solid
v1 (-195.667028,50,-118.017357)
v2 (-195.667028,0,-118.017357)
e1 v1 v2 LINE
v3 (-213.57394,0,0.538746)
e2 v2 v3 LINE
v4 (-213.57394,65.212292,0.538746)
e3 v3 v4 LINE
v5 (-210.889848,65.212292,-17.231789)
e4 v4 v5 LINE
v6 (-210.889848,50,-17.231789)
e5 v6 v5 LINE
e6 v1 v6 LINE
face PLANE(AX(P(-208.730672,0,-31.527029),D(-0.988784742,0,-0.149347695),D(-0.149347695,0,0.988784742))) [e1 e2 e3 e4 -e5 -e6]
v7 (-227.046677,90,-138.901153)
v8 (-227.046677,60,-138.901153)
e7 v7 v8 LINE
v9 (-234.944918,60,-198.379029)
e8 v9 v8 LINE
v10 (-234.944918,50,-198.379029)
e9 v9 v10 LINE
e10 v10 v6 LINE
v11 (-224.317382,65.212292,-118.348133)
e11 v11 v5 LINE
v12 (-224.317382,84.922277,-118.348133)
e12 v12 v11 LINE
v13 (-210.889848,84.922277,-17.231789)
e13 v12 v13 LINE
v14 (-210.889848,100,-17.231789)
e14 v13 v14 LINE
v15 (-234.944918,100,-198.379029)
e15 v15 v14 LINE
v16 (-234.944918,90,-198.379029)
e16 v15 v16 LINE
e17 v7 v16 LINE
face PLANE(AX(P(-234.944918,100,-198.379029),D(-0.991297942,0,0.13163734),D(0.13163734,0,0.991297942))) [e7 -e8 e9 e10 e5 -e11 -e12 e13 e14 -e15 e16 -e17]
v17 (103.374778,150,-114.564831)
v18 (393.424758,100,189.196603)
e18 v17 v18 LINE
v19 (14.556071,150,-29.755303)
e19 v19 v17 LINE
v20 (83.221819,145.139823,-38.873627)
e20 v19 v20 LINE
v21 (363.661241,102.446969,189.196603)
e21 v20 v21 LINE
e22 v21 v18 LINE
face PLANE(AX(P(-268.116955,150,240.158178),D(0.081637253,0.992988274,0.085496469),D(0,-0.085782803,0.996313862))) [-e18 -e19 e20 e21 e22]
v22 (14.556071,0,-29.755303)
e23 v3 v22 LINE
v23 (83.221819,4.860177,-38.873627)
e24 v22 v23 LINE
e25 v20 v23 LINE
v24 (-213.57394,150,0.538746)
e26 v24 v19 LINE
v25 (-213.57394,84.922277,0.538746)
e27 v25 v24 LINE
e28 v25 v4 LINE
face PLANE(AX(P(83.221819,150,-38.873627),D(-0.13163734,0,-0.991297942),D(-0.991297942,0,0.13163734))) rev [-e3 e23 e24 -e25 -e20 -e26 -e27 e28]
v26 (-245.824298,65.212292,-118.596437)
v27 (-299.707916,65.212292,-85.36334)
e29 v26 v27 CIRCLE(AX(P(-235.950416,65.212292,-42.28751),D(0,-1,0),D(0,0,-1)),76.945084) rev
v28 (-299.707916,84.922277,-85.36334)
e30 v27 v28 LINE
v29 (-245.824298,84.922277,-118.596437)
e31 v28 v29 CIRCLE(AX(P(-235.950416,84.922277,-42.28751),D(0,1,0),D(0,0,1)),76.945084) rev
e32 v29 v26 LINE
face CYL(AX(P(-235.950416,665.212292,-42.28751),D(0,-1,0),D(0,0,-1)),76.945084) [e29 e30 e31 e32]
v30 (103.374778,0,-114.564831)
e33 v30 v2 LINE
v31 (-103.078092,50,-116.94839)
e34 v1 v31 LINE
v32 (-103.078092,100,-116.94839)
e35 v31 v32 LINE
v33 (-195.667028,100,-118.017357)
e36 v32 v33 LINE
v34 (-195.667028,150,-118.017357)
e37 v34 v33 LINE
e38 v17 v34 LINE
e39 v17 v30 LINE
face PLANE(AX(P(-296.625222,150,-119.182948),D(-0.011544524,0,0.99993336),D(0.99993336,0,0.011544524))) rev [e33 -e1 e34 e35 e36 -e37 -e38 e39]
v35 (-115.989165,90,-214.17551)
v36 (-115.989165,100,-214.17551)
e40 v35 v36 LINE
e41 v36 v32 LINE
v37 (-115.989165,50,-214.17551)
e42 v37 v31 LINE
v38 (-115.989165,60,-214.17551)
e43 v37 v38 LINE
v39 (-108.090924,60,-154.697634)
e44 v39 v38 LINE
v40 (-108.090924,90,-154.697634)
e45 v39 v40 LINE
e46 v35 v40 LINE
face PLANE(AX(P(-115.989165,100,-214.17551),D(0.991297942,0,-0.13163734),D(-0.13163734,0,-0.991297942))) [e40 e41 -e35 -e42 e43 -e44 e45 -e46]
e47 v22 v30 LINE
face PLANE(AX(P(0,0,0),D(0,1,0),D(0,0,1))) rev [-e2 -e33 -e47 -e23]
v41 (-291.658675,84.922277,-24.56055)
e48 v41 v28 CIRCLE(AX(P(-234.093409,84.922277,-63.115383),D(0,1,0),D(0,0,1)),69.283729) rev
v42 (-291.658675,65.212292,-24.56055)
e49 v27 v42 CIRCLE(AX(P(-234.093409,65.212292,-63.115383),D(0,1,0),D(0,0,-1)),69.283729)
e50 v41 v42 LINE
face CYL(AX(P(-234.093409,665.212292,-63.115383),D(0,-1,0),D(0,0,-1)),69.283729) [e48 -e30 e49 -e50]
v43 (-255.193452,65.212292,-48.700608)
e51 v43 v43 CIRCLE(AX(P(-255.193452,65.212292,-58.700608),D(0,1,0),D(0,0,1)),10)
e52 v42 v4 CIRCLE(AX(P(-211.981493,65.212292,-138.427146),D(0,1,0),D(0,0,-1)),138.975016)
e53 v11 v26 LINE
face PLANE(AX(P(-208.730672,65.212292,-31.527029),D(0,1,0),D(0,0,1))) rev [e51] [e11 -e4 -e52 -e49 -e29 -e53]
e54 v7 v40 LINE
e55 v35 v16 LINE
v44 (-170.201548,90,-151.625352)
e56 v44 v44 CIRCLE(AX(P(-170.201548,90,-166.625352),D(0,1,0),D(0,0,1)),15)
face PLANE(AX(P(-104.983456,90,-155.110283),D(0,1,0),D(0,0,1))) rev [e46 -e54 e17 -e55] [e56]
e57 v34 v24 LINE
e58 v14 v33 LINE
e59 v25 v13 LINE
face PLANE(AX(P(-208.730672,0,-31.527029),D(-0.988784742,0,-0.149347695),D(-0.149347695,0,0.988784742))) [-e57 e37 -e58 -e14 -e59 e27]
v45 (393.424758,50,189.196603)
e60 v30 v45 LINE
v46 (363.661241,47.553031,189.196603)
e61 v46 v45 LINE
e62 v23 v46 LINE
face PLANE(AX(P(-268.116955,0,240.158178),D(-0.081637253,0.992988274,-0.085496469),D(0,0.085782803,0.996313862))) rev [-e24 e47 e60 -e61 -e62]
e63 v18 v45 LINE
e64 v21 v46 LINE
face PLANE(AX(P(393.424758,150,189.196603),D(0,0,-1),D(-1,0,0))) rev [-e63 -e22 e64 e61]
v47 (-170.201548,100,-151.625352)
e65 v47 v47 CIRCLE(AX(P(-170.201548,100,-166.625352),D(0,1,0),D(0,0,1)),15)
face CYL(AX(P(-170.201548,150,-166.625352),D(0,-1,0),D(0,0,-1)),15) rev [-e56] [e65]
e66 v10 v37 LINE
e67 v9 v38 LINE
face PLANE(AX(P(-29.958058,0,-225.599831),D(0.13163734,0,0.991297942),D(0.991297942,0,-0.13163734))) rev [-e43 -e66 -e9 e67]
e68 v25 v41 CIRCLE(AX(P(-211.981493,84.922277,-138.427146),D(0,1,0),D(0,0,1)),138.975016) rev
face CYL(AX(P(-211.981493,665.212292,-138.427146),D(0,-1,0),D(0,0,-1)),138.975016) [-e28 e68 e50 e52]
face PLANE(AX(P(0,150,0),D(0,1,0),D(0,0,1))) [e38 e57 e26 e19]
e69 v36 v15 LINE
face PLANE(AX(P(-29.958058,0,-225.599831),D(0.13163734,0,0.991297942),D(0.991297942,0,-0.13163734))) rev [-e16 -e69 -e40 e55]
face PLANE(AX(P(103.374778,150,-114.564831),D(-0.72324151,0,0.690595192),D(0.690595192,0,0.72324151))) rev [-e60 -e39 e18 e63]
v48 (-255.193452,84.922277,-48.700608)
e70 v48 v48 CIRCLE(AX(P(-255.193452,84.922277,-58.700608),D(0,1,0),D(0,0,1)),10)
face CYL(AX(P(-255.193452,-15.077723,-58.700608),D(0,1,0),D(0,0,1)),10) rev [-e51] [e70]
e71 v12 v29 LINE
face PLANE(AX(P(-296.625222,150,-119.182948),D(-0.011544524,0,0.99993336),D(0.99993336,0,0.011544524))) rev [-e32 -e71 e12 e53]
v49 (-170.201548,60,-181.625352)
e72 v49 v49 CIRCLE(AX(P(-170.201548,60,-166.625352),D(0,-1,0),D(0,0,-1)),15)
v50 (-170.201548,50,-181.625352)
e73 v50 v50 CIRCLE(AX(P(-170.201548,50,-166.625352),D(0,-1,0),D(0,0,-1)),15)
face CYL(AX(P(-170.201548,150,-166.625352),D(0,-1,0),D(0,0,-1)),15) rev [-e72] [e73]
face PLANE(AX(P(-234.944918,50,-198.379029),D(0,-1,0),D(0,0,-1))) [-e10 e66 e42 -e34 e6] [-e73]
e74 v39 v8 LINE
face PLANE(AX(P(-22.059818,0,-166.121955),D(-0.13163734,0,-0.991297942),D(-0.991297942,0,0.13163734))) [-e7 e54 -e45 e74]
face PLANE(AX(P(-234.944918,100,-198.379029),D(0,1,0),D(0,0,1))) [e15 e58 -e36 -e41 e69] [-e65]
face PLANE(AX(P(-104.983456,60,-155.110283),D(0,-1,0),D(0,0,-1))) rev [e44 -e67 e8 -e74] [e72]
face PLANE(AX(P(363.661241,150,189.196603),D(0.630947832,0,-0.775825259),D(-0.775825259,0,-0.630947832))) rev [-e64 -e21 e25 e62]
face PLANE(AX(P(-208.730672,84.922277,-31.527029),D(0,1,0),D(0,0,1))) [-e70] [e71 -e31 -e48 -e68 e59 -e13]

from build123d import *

# Parameters (mm, degrees)
EXTRUDE_1_DEPTH      = 150
SKETCH_3_W           = 134.939871442
SKETCH_3_H           = 65.077722632
SKETCH_3_W_2         = 12.852713976
SKETCH_3_H_2         = 65.21229221
SKETCH_3_W_3         = 22.325721816
CUT_EXTRUDE_5_DEPTH  = 100
SKETCH_4_R           = 10
CUT_EXTRUDE_6_DEPTH  = 100
CUT_EXTRUDE_7_DEPTH  = 542.338297497
SKETCH_9_W           = 120
SKETCH_9_H           = 50
EXTRUDE_5_DEPTH      = 200
SKETCH_12_W          = 124.1848091
SKETCH_12_H          = 30
CUT_EXTRUDE_14_DEPTH = 60
SKETCH_13_R          = 15
CUT_EXTRUDE_15_DEPTH = 459.970793946
CUT_EXTRUDE_16_DEPTH = 600
CUT_EXTRUDE_18_DEPTH = 600
CUT_EXTRUDE_23_DEPTH = 600


with BuildPart() as part:
    # 草图1 → 凸台-拉伸1 (new body)
    with BuildSketch(Plane(origin=(0, 0, 0), x_dir=(1, 0, 0), z_dir=(0, 1, 0))):
        Polygon((-296.625222025, 119.18294849), (103.374777975, 114.564831261), (393.424758435, -189.19660282), (363.661240814, -189.19660282), (83.221819158, 38.873627041), (-316.778180842, -14.24353747), align=None)
    extrude(amount=EXTRUDE_1_DEPTH)

    # 草图3 → 切除-拉伸5 (cut)
    with BuildSketch(Plane(origin=(-307.609145788, 0, -46.461798062), x_dir=(-0.14934769539615667, 0, 0.9887847419331757), z_dir=(-0.9887847419331757, 0, -0.14934769539615664))):
        Polygon((-73.54598766, 84.922277368), (-73.54598766, 150), (-110.299587537, 150), (-108.970561803, 84.922277368), align=None)
        with Locations((-6.076051939, 117.461138684)):
            Rectangle(SKETCH_3_W, SKETCH_3_H)
        with Locations((67.82024077, 117.461138684)):
            Rectangle(SKETCH_3_W_2, SKETCH_3_H)
        Polygon((-73.54598766, 0), (-73.54598766, 65.21229221), (-88.627784697, 65.21229221), (-110.299587537, 65.21229221), (-110.299587537, 0), align=None)
        with Locations((-6.076051939, 32.606146105)):
            Rectangle(SKETCH_3_W, SKETCH_3_H_2)
        with Locations((72.55674469, 32.606146105)):
            Rectangle(SKETCH_3_W_3, SKETCH_3_H_2)
    extrude(amount=-CUT_EXTRUDE_5_DEPTH, mode=Mode.SUBTRACT)

    # 草图4 → 切除-拉伸6 (cut)
    with BuildSketch(Plane(origin=(0, 84.922277368, 0), x_dir=(1, 0, 0), z_dir=(0, 1, 0))):
        with Locations(Location((-255.193452216, 58.700607885, 0), (0, 0, 270))):
            Circle(SKETCH_4_R)
    extrude(amount=-CUT_EXTRUDE_6_DEPTH, mode=Mode.SUBTRACT)

    # 草图5 → 切除-拉伸7 (cut, through all)
    with BuildSketch(Plane(origin=(111.294466259, 0, -106.270757713), x_dir=(-0.6905951915709648, 0, -0.7232415097179243), z_dir=(0.7232415097179243, 0, -0.6905951915709648))):
        Polygon((11.467916923, 150), (-408.532083077, 100), (-408.532083077, 150), align=None)
        Polygon((11.467916923, 0), (-408.532083077, 50), (-408.532083077, 0), align=None)
    extrude(amount=-CUT_EXTRUDE_7_DEPTH, mode=Mode.SUBTRACT)

    # 草图9 → 凸台-拉伸5 (add)
    with BuildSketch(Plane(origin=(-3.630590426, 0, -27.340242721), x_dir=(0.9912979424923631, 0, -0.13163733972702288), z_dir=(0.13163733972702288, 0, 0.9912979424923631))):
        with Locations((-146.786325955, 75)):
            Rectangle(SKETCH_9_W, SKETCH_9_H)
    extrude(amount=-EXTRUDE_5_DEPTH)

    # 草图12 → 切除-拉伸14 (cut)
    with BuildSketch(Plane(origin=(-29.958058371, 0, -225.599831219), x_dir=(-0.991297942492363, 0, 0.1316373397270229), z_dir=(-0.1316373397270229, 0, -0.991297942492363))):
        with Locations((145.743983676, 75)):
            Rectangle(SKETCH_12_W, SKETCH_12_H)
    extrude(amount=-CUT_EXTRUDE_14_DEPTH, mode=Mode.SUBTRACT)

    # 草图13 → 切除-拉伸15 (cut, through all)
    with BuildSketch(Plane(origin=(0, 50, 0), x_dir=(-1, 0, 0), z_dir=(0, -1, 0))):
        with Locations(Location((170.201547688, 166.625352062, 0), (0, 0, 270))):
            Circle(SKETCH_13_R)
    extrude(amount=-CUT_EXTRUDE_15_DEPTH, mode=Mode.SUBTRACT)

    # 草图14 → 切除-拉伸16 (cut)
    with BuildSketch(Plane.XZ.offset(-65.21229221)):
        with BuildLine():
            Line((-316.778180842, 14.24353747), (-213.573939594, 0.538745819))
            ThreePointArc((-213.573939594, 0.538745819), (-264.946374334, -9.940662831), (-308.780384447, -38.707390387))
            Line((-308.780384447, -38.707390387), (-316.778180842, 14.24353747))
        make_face()
    extrude(amount=-CUT_EXTRUDE_16_DEPTH, mode=Mode.SUBTRACT)

    # 草图15 → 切除-拉伸18 (cut)
    with BuildSketch(Plane(origin=(0, 65.21229221, 0), x_dir=(-1, 0, 0), z_dir=(0, -1, 0))):
        with BuildLine():
            ThreePointArc((245.824298176, 118.596436936), (278.450621549, 106.430151008), (302.373134739, 81.127802248))
            Line((302.373134739, 81.127802248), (296.625222025, 119.18294849))
            Line((296.625222025, 119.18294849), (245.824298176, 118.596436936))
        make_face()
    extrude(amount=-CUT_EXTRUDE_18_DEPTH, mode=Mode.SUBTRACT)

    # 草图16 → 切除-拉伸23 (cut)
    with BuildSketch(Plane(origin=(0, 65.21229221, 0), x_dir=(-1, 0, 0), z_dir=(0, -1, 0))):
        with BuildLine():
            Line((291.65867542, 24.560550225), (320.979664595, 36.581658237))
            Line((320.979664595, 36.581658237), (321.34512954, 76.765505909))
            Line((321.34512954, 76.765505909), (299.707915755, 85.363339544))
            ThreePointArc((299.707915755, 85.363339544), (302.777897257, 54.022742019), (291.65867542, 24.560550225))
        make_face()
    extrude(amount=-CUT_EXTRUDE_23_DEPTH, mode=Mode.SUBTRACT)


solid = part.part
